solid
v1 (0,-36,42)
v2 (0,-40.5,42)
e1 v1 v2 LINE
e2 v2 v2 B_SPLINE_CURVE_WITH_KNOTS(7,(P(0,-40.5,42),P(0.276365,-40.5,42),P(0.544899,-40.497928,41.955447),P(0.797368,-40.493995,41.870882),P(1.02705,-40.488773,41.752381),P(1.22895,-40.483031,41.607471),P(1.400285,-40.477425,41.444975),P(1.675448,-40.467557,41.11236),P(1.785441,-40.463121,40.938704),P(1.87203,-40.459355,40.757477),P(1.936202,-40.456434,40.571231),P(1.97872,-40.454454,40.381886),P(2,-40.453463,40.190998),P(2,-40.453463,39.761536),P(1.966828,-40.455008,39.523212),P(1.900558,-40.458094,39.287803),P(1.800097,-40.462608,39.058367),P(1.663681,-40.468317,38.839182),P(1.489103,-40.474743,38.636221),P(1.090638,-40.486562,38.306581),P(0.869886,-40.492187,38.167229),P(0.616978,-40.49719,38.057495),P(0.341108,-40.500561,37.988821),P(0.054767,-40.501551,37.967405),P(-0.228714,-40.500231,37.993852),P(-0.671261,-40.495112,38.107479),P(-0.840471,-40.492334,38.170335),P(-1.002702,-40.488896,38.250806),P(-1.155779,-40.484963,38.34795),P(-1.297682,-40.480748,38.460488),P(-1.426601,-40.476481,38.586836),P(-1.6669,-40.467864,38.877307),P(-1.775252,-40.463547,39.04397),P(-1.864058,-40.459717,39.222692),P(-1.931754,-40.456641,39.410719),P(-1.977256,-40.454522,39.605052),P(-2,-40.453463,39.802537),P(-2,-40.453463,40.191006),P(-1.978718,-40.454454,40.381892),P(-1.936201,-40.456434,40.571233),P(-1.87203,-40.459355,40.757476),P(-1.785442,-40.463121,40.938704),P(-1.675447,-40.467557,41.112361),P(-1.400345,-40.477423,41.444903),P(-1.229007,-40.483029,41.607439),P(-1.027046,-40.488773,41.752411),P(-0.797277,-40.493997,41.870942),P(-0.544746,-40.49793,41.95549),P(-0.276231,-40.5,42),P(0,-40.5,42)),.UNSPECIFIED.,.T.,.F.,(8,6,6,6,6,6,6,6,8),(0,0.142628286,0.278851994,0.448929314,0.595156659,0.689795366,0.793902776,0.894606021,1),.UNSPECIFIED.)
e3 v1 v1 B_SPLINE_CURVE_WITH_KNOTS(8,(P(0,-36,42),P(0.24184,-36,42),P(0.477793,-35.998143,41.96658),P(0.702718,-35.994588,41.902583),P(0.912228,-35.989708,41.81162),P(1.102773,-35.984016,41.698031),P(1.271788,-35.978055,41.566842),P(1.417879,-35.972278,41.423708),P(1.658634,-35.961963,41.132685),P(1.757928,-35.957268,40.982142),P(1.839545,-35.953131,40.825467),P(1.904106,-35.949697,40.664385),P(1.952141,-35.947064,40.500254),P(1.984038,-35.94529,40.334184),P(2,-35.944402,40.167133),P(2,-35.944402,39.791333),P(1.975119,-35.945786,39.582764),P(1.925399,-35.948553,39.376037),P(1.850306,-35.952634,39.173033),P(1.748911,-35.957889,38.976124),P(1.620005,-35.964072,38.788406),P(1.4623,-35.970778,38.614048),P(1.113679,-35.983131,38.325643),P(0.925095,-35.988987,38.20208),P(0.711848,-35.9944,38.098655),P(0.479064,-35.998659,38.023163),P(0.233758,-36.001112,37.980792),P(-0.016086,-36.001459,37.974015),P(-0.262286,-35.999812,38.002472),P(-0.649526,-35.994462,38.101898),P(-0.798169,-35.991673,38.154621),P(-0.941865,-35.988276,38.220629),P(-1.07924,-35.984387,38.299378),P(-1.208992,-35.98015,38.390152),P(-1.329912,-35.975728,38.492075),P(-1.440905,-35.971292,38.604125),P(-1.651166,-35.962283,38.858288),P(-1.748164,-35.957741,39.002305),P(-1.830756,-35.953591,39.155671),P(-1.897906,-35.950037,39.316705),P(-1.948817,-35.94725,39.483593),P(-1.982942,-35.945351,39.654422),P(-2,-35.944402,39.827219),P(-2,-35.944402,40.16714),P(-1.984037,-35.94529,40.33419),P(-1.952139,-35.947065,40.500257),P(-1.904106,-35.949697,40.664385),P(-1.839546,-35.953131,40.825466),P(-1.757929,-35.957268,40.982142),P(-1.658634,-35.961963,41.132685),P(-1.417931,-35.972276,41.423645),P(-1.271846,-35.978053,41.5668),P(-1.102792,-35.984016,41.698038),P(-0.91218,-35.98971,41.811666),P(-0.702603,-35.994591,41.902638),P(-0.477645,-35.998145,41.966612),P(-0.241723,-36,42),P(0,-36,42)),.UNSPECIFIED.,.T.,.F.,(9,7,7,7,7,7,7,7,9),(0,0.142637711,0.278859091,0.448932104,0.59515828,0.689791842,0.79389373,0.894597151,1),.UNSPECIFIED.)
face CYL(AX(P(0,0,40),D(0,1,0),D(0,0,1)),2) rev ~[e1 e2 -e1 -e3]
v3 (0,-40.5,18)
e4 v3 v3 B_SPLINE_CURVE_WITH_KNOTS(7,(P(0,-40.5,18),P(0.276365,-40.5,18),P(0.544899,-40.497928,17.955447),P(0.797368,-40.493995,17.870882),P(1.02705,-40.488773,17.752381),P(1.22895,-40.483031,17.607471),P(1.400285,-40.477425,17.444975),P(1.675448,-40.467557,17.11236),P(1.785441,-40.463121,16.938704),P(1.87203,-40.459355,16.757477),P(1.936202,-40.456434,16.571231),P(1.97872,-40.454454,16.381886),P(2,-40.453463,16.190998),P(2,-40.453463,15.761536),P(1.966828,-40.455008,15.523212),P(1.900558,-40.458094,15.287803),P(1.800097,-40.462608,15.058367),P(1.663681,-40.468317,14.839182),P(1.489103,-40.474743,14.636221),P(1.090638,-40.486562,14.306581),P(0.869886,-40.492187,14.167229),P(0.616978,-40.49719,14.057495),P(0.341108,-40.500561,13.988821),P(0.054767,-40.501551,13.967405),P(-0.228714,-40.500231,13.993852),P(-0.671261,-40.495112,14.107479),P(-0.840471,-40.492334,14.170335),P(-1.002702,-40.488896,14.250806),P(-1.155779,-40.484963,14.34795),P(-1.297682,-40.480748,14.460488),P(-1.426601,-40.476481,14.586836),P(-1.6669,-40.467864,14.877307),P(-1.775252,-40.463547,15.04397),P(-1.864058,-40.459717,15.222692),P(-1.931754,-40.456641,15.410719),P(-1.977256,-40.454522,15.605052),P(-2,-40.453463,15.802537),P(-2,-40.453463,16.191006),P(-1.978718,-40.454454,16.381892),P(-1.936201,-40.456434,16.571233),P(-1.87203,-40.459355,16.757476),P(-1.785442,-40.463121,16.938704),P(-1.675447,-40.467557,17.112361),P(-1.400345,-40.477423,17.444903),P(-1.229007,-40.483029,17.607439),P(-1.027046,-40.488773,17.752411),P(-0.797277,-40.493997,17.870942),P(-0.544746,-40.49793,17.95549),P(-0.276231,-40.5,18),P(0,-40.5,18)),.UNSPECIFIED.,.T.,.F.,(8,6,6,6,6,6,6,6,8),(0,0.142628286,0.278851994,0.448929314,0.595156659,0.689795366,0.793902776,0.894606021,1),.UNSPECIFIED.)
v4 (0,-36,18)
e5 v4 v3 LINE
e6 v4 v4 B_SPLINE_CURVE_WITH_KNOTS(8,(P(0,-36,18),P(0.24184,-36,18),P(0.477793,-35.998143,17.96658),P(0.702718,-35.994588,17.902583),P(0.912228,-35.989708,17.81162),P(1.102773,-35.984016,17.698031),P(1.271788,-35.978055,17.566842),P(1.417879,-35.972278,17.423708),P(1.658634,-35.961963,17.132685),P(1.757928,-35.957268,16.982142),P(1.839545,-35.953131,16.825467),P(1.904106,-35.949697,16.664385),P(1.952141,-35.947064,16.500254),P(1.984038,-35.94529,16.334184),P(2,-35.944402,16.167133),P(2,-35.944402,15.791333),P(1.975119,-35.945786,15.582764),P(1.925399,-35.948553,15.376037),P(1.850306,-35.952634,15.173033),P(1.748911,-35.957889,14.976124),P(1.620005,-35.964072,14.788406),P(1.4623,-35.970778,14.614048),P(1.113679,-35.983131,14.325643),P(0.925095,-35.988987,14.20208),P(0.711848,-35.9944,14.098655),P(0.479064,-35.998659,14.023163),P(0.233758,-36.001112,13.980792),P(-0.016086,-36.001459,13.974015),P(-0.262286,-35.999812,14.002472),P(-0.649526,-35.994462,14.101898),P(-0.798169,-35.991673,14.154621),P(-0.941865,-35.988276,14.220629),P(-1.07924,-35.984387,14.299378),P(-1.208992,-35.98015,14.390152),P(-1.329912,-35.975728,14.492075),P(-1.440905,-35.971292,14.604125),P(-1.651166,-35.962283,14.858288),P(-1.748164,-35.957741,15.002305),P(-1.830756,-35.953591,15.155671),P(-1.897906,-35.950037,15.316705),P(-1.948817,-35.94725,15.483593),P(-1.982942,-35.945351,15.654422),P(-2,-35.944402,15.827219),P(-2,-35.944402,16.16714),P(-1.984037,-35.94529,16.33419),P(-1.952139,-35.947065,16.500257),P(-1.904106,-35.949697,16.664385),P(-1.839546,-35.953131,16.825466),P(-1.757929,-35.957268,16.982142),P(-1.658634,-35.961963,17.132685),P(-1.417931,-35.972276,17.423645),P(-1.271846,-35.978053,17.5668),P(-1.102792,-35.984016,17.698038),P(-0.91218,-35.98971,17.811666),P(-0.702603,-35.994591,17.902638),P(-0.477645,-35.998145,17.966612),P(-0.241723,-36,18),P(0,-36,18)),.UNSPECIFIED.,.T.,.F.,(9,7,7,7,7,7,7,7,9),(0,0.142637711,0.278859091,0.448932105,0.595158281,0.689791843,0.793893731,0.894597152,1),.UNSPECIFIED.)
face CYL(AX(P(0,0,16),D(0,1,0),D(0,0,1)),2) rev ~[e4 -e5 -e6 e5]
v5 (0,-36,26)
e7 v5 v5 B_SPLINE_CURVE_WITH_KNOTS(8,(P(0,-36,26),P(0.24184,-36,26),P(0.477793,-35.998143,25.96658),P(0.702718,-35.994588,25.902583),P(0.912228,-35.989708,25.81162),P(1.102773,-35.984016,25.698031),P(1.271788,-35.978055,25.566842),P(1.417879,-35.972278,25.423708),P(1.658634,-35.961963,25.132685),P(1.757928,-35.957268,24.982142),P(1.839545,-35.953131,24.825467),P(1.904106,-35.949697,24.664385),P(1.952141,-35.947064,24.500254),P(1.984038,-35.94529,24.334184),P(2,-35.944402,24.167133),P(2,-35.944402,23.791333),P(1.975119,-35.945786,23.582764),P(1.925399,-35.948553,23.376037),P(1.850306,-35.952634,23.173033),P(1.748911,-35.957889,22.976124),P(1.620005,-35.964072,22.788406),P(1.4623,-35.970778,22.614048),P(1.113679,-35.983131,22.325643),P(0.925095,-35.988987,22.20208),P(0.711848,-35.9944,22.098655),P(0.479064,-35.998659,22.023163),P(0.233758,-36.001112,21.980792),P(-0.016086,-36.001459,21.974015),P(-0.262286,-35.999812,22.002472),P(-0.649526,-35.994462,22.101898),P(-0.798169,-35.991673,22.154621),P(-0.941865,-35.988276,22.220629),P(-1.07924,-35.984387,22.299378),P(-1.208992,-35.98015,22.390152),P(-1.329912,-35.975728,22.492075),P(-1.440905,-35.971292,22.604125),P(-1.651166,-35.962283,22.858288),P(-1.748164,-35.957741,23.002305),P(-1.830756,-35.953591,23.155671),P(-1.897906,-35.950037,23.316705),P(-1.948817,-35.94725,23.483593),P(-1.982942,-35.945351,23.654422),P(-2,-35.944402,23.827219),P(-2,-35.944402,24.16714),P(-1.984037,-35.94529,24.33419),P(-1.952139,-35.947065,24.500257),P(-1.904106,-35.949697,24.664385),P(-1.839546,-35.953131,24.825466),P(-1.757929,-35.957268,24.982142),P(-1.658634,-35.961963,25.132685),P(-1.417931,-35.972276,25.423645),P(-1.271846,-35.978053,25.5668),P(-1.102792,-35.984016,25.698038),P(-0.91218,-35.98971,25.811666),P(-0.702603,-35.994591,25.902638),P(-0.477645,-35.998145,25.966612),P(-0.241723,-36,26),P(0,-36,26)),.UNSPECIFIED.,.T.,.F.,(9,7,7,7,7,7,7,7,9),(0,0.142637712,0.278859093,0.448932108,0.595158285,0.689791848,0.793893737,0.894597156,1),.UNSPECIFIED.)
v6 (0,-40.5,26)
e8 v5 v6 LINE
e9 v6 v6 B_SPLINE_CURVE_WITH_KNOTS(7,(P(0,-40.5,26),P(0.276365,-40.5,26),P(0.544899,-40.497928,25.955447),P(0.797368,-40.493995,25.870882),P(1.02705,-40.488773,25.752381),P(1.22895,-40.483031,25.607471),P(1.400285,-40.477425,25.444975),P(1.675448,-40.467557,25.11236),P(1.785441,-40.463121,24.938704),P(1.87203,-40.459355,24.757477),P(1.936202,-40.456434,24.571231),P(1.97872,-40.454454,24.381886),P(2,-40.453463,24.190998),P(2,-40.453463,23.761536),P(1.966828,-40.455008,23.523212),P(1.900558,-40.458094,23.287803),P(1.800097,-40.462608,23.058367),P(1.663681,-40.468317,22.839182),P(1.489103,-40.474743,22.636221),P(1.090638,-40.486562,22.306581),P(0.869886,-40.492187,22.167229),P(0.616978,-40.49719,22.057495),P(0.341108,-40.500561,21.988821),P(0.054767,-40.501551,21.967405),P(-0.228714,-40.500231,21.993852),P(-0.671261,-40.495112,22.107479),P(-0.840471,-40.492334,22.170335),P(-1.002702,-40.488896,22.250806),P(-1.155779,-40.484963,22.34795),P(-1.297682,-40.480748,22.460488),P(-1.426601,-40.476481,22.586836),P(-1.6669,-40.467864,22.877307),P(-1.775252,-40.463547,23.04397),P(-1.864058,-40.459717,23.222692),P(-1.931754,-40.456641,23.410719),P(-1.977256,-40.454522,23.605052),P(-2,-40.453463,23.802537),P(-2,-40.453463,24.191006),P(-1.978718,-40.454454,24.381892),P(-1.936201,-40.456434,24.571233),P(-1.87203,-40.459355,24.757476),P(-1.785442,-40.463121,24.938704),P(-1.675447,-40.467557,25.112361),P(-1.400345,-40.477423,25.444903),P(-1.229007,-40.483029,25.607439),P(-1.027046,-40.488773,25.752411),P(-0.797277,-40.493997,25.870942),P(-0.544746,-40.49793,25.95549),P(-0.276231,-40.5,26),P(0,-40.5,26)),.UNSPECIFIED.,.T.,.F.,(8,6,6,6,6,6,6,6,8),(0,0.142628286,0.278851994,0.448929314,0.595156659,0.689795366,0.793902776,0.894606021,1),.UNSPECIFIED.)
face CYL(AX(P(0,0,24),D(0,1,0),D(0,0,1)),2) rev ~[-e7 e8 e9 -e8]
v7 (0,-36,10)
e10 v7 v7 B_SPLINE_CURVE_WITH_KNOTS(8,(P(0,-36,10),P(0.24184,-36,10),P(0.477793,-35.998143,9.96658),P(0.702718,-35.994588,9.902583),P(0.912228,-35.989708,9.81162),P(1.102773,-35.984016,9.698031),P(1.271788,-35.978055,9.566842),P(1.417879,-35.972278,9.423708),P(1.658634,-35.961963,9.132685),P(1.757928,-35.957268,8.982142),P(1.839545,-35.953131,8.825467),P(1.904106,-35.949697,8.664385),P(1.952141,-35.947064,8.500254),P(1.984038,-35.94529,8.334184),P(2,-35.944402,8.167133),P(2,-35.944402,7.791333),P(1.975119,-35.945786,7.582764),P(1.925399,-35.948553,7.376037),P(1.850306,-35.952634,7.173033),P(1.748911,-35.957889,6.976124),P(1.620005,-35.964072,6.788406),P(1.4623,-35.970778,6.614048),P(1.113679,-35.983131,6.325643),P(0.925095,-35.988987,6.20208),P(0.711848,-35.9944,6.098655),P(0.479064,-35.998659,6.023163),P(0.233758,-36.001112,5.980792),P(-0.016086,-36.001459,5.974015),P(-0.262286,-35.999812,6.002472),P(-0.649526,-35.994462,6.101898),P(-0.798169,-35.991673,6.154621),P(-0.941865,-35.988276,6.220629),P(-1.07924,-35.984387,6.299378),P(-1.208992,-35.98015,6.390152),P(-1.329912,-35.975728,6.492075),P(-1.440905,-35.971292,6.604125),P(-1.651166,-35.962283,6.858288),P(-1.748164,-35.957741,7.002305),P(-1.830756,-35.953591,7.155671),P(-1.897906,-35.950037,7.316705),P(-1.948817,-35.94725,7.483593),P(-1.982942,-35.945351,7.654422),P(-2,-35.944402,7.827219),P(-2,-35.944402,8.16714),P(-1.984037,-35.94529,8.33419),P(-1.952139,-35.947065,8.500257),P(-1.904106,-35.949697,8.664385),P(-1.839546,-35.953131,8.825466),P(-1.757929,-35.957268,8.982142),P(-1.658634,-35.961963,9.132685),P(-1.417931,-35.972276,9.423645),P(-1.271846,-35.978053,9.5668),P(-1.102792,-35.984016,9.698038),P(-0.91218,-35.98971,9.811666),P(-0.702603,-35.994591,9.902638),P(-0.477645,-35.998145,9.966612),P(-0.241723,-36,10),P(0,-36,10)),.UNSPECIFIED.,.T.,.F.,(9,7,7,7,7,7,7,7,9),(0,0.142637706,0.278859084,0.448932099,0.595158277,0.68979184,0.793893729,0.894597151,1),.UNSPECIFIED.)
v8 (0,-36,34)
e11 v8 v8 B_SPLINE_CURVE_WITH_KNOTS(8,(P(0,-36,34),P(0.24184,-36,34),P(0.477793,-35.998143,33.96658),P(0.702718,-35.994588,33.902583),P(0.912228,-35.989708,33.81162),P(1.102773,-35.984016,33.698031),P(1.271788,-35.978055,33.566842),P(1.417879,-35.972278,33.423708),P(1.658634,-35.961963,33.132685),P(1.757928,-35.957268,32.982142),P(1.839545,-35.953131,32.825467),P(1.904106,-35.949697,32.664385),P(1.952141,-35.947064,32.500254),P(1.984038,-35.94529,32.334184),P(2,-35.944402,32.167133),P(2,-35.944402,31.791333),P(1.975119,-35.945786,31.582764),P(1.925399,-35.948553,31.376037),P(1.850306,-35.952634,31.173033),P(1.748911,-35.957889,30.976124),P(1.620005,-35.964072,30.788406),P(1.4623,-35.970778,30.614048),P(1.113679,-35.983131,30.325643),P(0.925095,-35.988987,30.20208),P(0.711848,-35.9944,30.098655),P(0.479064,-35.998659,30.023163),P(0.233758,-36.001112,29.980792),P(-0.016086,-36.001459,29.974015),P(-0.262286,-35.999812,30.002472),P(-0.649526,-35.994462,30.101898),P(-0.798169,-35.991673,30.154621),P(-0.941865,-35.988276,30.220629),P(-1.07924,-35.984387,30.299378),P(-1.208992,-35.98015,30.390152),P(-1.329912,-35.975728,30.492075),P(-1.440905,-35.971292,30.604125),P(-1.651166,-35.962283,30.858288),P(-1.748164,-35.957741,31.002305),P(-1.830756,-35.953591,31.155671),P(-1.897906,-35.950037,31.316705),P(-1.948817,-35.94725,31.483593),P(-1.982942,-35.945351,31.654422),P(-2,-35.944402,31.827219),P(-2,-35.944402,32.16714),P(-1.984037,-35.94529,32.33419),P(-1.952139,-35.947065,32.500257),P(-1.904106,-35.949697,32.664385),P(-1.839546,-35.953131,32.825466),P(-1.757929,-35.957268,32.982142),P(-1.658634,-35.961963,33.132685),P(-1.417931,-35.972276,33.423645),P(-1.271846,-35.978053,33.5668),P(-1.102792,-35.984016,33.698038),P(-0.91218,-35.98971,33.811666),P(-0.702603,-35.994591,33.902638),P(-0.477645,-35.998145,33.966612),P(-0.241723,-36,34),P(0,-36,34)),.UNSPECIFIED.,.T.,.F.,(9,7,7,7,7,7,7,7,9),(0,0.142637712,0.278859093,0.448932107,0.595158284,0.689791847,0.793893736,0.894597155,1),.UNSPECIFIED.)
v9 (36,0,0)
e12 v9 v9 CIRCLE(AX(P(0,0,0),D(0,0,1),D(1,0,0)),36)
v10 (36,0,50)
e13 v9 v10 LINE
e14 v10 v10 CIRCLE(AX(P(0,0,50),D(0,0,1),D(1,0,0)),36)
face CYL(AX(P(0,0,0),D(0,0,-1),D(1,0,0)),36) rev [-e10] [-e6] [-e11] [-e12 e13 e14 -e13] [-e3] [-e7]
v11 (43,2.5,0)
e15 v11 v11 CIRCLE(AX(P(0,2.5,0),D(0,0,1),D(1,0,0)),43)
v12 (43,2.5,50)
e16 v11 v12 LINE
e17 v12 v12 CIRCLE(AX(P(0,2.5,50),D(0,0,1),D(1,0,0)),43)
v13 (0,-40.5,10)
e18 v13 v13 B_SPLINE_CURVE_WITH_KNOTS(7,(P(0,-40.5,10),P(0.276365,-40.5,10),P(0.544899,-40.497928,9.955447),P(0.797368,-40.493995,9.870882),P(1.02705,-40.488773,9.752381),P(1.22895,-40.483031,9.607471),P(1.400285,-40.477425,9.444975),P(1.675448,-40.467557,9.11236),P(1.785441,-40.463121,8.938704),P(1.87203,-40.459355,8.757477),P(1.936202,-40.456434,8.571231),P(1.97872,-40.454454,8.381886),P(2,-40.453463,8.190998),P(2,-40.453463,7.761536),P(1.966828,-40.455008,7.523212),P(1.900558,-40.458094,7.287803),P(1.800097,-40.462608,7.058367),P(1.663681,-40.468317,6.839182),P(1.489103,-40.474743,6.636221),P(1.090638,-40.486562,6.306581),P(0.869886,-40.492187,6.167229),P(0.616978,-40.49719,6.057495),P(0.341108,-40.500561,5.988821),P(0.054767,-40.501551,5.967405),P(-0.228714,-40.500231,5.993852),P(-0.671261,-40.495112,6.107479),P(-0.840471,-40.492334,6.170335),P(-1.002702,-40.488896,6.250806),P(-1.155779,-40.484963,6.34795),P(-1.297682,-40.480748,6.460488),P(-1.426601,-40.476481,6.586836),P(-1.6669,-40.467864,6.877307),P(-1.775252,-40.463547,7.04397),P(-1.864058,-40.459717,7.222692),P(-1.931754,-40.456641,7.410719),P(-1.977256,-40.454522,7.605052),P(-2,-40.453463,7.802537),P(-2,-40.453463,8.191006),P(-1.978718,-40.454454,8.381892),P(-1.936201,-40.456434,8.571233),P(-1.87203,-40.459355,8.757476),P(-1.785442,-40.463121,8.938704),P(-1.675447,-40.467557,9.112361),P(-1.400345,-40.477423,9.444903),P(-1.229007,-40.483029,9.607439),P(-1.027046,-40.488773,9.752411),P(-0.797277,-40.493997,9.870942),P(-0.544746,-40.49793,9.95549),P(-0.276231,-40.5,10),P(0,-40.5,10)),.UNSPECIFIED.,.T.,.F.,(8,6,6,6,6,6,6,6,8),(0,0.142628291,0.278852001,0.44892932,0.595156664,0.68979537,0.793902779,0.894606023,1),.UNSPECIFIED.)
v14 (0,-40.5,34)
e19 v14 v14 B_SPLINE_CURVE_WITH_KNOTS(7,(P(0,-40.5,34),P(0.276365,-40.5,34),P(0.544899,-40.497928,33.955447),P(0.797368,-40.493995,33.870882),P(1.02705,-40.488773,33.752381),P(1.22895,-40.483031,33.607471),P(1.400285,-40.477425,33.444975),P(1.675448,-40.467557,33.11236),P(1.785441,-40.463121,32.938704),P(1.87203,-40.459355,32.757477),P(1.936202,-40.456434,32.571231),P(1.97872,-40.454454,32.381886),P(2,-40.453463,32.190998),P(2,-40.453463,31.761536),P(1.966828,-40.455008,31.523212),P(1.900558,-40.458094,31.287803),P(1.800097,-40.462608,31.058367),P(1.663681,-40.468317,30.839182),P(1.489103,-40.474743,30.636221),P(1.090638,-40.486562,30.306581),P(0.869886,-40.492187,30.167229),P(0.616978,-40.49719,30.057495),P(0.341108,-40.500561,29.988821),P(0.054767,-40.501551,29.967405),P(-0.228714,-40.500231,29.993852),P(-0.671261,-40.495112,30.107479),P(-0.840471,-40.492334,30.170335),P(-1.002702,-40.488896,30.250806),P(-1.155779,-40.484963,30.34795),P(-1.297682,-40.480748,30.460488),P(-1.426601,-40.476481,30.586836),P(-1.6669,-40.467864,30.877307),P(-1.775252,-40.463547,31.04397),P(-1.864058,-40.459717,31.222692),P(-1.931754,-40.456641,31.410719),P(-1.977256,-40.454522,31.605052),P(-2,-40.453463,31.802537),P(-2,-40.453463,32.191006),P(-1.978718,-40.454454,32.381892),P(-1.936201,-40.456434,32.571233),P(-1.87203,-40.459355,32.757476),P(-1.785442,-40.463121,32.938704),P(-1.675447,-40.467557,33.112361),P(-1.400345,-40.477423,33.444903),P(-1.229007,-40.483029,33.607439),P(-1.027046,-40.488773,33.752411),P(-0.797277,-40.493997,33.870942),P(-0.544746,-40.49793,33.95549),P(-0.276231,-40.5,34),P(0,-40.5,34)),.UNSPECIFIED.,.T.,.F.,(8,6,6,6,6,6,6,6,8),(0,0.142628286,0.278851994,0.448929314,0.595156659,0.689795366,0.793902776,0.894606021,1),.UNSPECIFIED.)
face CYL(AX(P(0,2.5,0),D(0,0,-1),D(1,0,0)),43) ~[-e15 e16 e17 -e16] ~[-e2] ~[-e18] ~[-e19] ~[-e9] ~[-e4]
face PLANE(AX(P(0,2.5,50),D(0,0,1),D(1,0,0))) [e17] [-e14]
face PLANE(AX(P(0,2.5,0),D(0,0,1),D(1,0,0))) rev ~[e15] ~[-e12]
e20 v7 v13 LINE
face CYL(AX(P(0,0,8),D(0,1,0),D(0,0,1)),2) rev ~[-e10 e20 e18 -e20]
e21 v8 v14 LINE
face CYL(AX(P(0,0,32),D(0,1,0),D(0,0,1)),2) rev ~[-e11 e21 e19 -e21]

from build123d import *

# Parameters (mm, degrees)
ESQUISSE1_R             = 43
ESQUISSE1_R_2           = 36
BASE_EXTRUSION_DEPTH    = 50
ESQUISSE2_R             = 2
ENL_V_MAT_EXTRU_1_DEPTH = 81.120222166


with BuildPart() as part:
    # Esquisse1 → Base-Extrusion (new body)
    with BuildSketch(Plane.XY):
        with Locations((0, 2.5)):
            Circle(ESQUISSE1_R)
        Circle(ESQUISSE1_R_2, mode=Mode.SUBTRACT)
    extrude(amount=BASE_EXTRUSION_DEPTH)

    # Esquisse2 → Enlèv. mat.-Extru.1 (cut, through all)
    with BuildSketch(Plane(origin=(0, 0, 0), x_dir=(1, 0, 0), z_dir=(0, 1, 0))):
        with Locations((0, -8)):
            Circle(ESQUISSE2_R)
        with Locations((0, -16)):
            Circle(ESQUISSE2_R)
        with Locations((0, -24)):
            Circle(ESQUISSE2_R)
        with Locations((0, -32)):
            Circle(ESQUISSE2_R)
        with Locations((0, -40)):
            Circle(ESQUISSE2_R)
        with Locations((0, 92)):
            Circle(ESQUISSE2_R)
        with Locations((0, 84)):
            Circle(ESQUISSE2_R)
        with Locations((0, 76)):
            Circle(ESQUISSE2_R)
        with Locations((0, 68)):
            Circle(ESQUISSE2_R)
        with Locations((0, 60)):
            Circle(ESQUISSE2_R)
        with Locations((0, 192)):
            Circle(ESQUISSE2_R)
        with Locations((0, 184)):
            Circle(ESQUISSE2_R)
        with Locations((0, 176)):
            Circle(ESQUISSE2_R)
        with Locations((0, 168)):
            Circle(ESQUISSE2_R)
        with Locations((0, 160)):
            Circle(ESQUISSE2_R)
        with Locations((0, 292)):
            Circle(ESQUISSE2_R)
        with Locations((0, 284)):
            Circle(ESQUISSE2_R)
        with Locations((0, 276)):
            Circle(ESQUISSE2_R)
        with Locations((0, 268)):
            Circle(ESQUISSE2_R)
        with Locations((0, 260)):
            Circle(ESQUISSE2_R)
        with Locations((0, 392)):
            Circle(ESQUISSE2_R)
        with Locations((0, 384)):
            Circle(ESQUISSE2_R)
        with Locations((0, 376)):
            Circle(ESQUISSE2_R)
        with Locations((0, 368)):
            Circle(ESQUISSE2_R)
        with Locations((0, 360)):
            Circle(ESQUISSE2_R)
    extrude(amount=-ENL_V_MAT_EXTRU_1_DEPTH, mode=Mode.SUBTRACT)


solid = part.part
